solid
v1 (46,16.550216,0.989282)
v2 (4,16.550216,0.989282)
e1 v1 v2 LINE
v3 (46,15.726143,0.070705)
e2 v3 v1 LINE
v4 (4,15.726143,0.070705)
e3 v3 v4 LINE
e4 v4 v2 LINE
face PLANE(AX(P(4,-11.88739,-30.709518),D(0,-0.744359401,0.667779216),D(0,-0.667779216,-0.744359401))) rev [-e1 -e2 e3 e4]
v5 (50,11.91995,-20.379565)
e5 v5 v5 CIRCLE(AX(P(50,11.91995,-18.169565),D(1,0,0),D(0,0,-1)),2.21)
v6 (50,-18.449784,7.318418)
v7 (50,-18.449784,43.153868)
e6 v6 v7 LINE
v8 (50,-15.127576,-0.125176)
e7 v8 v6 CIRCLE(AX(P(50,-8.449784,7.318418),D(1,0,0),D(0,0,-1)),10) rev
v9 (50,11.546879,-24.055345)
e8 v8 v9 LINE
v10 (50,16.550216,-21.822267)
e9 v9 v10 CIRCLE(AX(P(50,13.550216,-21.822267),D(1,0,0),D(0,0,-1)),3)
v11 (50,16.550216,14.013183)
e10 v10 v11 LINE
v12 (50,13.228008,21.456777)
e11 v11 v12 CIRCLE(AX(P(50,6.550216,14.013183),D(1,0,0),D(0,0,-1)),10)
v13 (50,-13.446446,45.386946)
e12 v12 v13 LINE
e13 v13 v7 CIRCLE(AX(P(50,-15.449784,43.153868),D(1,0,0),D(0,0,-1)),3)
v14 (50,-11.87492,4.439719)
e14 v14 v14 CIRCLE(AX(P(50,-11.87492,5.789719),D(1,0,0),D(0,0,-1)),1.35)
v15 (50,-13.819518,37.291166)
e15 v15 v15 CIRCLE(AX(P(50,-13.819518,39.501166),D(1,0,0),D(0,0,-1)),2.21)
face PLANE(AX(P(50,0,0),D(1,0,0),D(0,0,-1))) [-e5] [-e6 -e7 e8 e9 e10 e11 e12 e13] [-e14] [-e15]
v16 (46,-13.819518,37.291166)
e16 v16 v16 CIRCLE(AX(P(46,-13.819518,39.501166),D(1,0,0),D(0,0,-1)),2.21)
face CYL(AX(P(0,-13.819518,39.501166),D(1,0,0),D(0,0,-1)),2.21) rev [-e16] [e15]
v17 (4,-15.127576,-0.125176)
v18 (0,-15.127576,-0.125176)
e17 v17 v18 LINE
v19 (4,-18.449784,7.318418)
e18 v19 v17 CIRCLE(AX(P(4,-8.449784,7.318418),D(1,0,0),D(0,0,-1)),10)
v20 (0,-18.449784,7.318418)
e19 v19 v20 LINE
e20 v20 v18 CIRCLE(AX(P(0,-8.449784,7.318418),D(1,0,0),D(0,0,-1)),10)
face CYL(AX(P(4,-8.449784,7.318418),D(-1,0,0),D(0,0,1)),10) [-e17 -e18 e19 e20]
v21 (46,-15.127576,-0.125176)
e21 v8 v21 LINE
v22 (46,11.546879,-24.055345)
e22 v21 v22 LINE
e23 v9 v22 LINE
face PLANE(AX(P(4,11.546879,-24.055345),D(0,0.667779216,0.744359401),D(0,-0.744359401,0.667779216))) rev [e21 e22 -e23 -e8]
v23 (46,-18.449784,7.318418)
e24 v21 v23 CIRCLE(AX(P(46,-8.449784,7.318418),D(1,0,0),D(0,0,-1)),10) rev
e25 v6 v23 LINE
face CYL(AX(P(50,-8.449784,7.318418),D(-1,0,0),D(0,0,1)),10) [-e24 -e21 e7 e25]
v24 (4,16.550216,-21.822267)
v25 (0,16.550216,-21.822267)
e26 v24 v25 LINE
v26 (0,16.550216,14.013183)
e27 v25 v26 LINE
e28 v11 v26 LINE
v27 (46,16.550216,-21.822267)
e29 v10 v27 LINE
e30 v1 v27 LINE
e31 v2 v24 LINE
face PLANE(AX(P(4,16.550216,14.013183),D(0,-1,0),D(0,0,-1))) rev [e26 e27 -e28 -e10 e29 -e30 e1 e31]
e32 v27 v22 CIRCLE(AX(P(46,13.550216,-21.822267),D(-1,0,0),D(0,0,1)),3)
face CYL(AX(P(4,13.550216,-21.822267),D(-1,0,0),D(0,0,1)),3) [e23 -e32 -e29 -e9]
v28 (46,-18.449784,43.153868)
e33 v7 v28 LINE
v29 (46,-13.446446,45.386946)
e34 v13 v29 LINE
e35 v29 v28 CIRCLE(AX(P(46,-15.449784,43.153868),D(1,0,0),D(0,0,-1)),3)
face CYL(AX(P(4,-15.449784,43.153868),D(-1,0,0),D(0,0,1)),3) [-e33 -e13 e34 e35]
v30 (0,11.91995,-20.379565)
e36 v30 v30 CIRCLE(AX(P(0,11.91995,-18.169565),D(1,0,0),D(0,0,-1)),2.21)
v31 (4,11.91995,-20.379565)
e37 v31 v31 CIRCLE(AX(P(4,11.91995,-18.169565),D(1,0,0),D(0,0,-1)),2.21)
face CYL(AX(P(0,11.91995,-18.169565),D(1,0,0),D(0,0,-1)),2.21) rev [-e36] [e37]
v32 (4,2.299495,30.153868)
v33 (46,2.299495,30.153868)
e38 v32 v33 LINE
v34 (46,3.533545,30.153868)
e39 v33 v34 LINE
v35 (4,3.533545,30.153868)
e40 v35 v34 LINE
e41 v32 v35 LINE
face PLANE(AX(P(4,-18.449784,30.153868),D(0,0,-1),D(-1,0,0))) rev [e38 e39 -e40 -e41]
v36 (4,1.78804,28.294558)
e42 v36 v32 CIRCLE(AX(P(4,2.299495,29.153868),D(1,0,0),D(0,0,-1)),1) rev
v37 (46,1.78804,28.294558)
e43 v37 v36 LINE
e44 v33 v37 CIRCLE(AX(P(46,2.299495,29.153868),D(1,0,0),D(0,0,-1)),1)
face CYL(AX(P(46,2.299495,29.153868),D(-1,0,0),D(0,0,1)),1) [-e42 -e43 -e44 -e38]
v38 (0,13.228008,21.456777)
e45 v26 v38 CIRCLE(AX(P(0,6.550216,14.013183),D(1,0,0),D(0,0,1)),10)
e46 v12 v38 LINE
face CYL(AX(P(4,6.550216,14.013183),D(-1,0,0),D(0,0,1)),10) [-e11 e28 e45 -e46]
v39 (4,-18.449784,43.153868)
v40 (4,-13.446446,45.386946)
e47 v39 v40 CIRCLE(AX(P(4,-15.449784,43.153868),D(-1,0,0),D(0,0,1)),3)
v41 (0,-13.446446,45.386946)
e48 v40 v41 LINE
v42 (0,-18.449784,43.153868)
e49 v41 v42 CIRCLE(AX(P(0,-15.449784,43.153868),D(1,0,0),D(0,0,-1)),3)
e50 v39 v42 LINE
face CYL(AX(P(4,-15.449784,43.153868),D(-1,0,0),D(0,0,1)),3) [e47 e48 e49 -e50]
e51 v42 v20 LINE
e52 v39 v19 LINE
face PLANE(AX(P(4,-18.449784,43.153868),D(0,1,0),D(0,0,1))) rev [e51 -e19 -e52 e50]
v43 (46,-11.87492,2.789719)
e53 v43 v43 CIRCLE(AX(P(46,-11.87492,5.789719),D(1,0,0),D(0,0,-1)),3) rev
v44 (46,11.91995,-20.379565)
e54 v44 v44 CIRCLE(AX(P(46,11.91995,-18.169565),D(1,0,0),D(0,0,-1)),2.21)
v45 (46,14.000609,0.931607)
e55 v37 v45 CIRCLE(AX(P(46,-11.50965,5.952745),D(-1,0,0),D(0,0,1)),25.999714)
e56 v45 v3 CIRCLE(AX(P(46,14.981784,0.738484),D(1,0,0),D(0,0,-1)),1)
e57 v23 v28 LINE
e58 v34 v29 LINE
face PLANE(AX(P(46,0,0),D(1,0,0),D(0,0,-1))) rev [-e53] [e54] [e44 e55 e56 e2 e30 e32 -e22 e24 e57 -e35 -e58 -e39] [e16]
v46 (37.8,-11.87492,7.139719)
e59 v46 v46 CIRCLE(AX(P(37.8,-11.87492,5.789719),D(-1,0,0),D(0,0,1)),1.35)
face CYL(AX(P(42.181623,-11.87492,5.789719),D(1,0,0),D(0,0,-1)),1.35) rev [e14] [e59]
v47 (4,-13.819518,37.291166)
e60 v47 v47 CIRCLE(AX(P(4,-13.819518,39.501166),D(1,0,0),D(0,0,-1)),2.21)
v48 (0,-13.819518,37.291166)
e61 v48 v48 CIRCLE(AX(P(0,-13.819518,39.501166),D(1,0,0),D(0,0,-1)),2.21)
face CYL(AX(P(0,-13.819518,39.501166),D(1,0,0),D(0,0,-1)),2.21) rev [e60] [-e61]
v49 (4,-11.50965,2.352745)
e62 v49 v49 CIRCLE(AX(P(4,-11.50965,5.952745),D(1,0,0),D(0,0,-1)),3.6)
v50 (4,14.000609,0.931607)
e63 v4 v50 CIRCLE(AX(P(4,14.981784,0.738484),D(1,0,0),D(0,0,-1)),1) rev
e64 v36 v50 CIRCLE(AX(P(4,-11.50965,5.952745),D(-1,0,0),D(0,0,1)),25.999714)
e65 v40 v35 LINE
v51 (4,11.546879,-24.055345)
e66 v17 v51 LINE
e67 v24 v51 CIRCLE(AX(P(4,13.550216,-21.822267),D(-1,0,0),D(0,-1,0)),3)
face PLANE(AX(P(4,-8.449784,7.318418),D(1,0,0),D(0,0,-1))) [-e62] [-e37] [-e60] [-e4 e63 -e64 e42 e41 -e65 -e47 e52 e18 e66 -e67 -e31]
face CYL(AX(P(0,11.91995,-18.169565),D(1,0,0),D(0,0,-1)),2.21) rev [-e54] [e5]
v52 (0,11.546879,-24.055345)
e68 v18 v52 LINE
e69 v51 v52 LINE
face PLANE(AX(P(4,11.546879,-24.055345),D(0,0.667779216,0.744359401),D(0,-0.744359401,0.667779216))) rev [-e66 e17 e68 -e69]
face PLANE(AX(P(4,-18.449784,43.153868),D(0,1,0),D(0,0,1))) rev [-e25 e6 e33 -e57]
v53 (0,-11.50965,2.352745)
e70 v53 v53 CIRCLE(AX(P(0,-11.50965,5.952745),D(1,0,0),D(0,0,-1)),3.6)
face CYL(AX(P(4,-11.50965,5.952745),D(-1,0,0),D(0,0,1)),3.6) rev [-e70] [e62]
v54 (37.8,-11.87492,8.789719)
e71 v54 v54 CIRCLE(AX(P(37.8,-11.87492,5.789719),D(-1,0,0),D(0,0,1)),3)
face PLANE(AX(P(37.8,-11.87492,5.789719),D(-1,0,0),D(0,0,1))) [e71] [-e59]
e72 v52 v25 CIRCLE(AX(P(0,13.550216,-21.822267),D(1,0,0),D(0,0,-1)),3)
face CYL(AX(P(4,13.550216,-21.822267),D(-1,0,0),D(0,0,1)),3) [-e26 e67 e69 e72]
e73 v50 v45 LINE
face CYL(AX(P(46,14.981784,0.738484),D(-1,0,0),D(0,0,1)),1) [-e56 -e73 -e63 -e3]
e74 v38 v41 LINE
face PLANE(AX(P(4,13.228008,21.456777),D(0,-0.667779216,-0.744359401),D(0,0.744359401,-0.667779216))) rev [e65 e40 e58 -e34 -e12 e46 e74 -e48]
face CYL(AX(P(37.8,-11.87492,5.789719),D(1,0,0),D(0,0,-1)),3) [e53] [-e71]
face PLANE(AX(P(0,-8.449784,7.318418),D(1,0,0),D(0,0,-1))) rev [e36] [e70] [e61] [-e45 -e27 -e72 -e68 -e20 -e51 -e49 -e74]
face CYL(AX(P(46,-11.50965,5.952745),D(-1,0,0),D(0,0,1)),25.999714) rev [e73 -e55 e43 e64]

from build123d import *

# Parameters (mm, degrees)
SKETCH4_R            = 3.6
THICKBASE_DEPTH      = 4
MIDDLE_DEPTH         = 42
THINBASE_DEPTH       = 4
SKETCH8_R            = 1.35
RETAINERSCREW_DEPTH  = 4
SKETCH9_R            = 3
SKETCH9_R_2          = 1.35
SPACER_DEPTH         = 8.2
SKETCH15_W           = 42
SKETCH15_H           = 16
CUT_EXTRUDE_H1_DEPTH = 77.519145025
SKETCH17_W           = 42
SKETCH17_H           = 16
CUT_EXTRUDE_H2_DEPTH = 75.830901411
FILLET_R1_R          = 1
FILLET_R2_R          = 1
SKETCH18_R           = 2.21
SIDESCREWS_DEPTH     = 71.502298398


with BuildPart() as part:
    # Sketch4 → ThickBase (new body)
    with BuildSketch(Plane(origin=(0, 0, 0), x_dir=(0, 0, -1), z_dir=(1, 0, 0))):
        with BuildLine():
            Line((-14.01318338, 16.550216151), (21.822267157, 16.550216151))
            ThreePointArc((21.822267157, 16.550216151), (24.561793845, 14.77291543), (24.055345362, 11.546878503))
            Line((24.055345362, 11.546878503), (0.125176293, -15.12757601))
            ThreePointArc((0.125176293, -15.12757601), (-3.242753458, -17.581539475), (-7.318417722, -18.449783849))
            Line((-7.318417722, -18.449783849), (-43.153868259, -18.449783849))
            ThreePointArc((-43.153868259, -18.449783849), (-45.893394947, -16.672483128), (-45.386946464, -13.446446201))
            Line((-45.386946464, -13.446446201), (-21.456777395, 13.228008312))
            ThreePointArc((-21.456777395, 13.228008312), (-18.088847644, 15.681971777), (-14.01318338, 16.550216151))
        make_face()
        with Locations((-5.952745457, -11.509649573)):
            Circle(SKETCH4_R, mode=Mode.SUBTRACT)
    extrude(amount=THICKBASE_DEPTH)

    # Sketch5 → Middle (add)
    with BuildSketch(Plane(origin=(4, 0, 0), x_dir=(0, 0, -1), z_dir=(1, 0, 0))):
        with BuildLine():
            Line((15.945305194, 2.506787856), (24.055345362, 11.546878503))
            ThreePointArc((24.055345362, 11.546878503), (24.561793845, 14.77291543), (21.822267157, 16.550216151))
            Line((21.822267157, 16.550216151), (-14.01318338, 16.550216151))
            ThreePointArc((-14.01318338, 16.550216151), (-18.088847644, 15.681971777), (-21.456777395, 13.228008312))
            Line((-21.456777395, 13.228008312), (-45.386946464, -13.446446201))
            ThreePointArc((-45.386946464, -13.446446201), (-45.893394947, -16.672483128), (-43.153868259, -18.449783849))
            Line((-43.153868259, -18.449783849), (-31.009075531, -18.449783849))
            ThreePointArc((-31.009075531, -18.449783849), (-16.549356077, 12.232654103), (15.945305194, 2.506787856))
        make_face()
    extrude(amount=MIDDLE_DEPTH)

    # Sketch7 → ThinBase (add)
    with BuildSketch(Plane(origin=(46, 0, 0), x_dir=(0, 0, -1), z_dir=(1, 0, 0))):
        with BuildLine():
            ThreePointArc((15.945305194, 2.506787856), (-16.549356077, 12.232654103), (-31.009075531, -18.449783849))
            Line((-31.009075531, -18.449783849), (-7.318417722, -18.449783849))
            ThreePointArc((-7.318417722, -18.449783849), (-3.242753458, -17.581539475), (0.125176293, -15.12757601))
            Line((0.125176293, -15.12757601), (15.945305194, 2.506787856))
        make_face()
        with BuildLine():
            Line((-43.153868259, -18.449783849), (-31.009075531, -18.449783849))
            ThreePointArc((-31.009075531, -18.449783849), (-16.549356077, 12.232654103), (15.945305194, 2.506787856))
            Line((15.945305194, 2.506787856), (24.055345362, 11.546878503))
            ThreePointArc((24.055345362, 11.546878503), (24.561793845, 14.77291543), (21.822267157, 16.550216151))
            Line((21.822267157, 16.550216151), (-14.01318338, 16.550216151))
            ThreePointArc((-14.01318338, 16.550216151), (-18.088847644, 15.681971777), (-21.456777395, 13.228008312))
            Line((-21.456777395, 13.228008312), (-45.386946464, -13.446446201))
            ThreePointArc((-45.386946464, -13.446446201), (-45.893394947, -16.672483128), (-43.153868259, -18.449783849))
        make_face()
    extrude(amount=THINBASE_DEPTH)

    # Sketch8 → RetainerScrew (cut)
    with BuildSketch(Plane(origin=(50, 0, 0), x_dir=(0, 0, -1), z_dir=(1, 0, 0))):
        with Locations((-5.789718886, -11.874919798)):
            Circle(SKETCH8_R)
    extrude(amount=-RETAINERSCREW_DEPTH, mode=Mode.SUBTRACT)

    # Sketch9 → Spacer (add)
    with BuildSketch(Plane.ZY.offset(-46)):
        with Locations(Location((5.789718886, -11.874919798, 0), (0, 0, 180))):
            Circle(SKETCH9_R)
        with Locations(Location((5.789718886, -11.874919798, 0), (0, 0, 180))):
            Circle(SKETCH9_R_2, mode=Mode.SUBTRACT)
    extrude(amount=SPACER_DEPTH)

    # Sketch15 → Cut-Extrude H1 (cut, through all)
    with BuildSketch(Plane(origin=(0, 16.550216151, 0), x_dir=(1, 0, 0), z_dir=(0, 1, 0))):
        with Locations((25, -38.153868259)):
            Rectangle(SKETCH15_W, SKETCH15_H)
    extrude(amount=-CUT_EXTRUDE_H1_DEPTH, mode=Mode.SUBTRACT)

    # Sketch17 → Cut-Extrude H2 (cut, through all)
    with BuildSketch(Plane(origin=(0, 16.564225392, 18.463792524), x_dir=(1, 0, 0), z_dir=(0, 0.6677792161146302, 0.7443594014488768))):
        with Locations((25, 19.65868724)):
            Rectangle(SKETCH17_W, SKETCH17_H)
    extrude(amount=-CUT_EXTRUDE_H2_DEPTH, mode=Mode.SUBTRACT)

    # Fillet R1
    fillet_r1_edges = [part.edges().sort_by_distance(p)[0] for p in [
        (25, -2.007502678, 30.153868259),
    ]]
    fillet(fillet_r1_edges, radius=FILLET_R1_R)

    # Fillet R2
    fillet_r2_edges = [part.edges().sort_by_distance(p)[0] for p in [
        (25, 12.850019915, -3.135248981),
    ]]
    fillet(fillet_r2_edges, radius=FILLET_R2_R)

    # Sketch18 → SideScrews (cut, through all)
    with BuildSketch(Plane(origin=(50, 0, 0), x_dir=(0, 0, -1), z_dir=(1, 0, 0))):
        with Locations((-39.501166009, -13.819518143)):
            Circle(SKETCH18_R)
        with Locations((18.169564907, 11.919950445)):
            Circle(SKETCH18_R)
    extrude(amount=-SIDESCREWS_DEPTH, mode=Mode.SUBTRACT)


solid = part.part
